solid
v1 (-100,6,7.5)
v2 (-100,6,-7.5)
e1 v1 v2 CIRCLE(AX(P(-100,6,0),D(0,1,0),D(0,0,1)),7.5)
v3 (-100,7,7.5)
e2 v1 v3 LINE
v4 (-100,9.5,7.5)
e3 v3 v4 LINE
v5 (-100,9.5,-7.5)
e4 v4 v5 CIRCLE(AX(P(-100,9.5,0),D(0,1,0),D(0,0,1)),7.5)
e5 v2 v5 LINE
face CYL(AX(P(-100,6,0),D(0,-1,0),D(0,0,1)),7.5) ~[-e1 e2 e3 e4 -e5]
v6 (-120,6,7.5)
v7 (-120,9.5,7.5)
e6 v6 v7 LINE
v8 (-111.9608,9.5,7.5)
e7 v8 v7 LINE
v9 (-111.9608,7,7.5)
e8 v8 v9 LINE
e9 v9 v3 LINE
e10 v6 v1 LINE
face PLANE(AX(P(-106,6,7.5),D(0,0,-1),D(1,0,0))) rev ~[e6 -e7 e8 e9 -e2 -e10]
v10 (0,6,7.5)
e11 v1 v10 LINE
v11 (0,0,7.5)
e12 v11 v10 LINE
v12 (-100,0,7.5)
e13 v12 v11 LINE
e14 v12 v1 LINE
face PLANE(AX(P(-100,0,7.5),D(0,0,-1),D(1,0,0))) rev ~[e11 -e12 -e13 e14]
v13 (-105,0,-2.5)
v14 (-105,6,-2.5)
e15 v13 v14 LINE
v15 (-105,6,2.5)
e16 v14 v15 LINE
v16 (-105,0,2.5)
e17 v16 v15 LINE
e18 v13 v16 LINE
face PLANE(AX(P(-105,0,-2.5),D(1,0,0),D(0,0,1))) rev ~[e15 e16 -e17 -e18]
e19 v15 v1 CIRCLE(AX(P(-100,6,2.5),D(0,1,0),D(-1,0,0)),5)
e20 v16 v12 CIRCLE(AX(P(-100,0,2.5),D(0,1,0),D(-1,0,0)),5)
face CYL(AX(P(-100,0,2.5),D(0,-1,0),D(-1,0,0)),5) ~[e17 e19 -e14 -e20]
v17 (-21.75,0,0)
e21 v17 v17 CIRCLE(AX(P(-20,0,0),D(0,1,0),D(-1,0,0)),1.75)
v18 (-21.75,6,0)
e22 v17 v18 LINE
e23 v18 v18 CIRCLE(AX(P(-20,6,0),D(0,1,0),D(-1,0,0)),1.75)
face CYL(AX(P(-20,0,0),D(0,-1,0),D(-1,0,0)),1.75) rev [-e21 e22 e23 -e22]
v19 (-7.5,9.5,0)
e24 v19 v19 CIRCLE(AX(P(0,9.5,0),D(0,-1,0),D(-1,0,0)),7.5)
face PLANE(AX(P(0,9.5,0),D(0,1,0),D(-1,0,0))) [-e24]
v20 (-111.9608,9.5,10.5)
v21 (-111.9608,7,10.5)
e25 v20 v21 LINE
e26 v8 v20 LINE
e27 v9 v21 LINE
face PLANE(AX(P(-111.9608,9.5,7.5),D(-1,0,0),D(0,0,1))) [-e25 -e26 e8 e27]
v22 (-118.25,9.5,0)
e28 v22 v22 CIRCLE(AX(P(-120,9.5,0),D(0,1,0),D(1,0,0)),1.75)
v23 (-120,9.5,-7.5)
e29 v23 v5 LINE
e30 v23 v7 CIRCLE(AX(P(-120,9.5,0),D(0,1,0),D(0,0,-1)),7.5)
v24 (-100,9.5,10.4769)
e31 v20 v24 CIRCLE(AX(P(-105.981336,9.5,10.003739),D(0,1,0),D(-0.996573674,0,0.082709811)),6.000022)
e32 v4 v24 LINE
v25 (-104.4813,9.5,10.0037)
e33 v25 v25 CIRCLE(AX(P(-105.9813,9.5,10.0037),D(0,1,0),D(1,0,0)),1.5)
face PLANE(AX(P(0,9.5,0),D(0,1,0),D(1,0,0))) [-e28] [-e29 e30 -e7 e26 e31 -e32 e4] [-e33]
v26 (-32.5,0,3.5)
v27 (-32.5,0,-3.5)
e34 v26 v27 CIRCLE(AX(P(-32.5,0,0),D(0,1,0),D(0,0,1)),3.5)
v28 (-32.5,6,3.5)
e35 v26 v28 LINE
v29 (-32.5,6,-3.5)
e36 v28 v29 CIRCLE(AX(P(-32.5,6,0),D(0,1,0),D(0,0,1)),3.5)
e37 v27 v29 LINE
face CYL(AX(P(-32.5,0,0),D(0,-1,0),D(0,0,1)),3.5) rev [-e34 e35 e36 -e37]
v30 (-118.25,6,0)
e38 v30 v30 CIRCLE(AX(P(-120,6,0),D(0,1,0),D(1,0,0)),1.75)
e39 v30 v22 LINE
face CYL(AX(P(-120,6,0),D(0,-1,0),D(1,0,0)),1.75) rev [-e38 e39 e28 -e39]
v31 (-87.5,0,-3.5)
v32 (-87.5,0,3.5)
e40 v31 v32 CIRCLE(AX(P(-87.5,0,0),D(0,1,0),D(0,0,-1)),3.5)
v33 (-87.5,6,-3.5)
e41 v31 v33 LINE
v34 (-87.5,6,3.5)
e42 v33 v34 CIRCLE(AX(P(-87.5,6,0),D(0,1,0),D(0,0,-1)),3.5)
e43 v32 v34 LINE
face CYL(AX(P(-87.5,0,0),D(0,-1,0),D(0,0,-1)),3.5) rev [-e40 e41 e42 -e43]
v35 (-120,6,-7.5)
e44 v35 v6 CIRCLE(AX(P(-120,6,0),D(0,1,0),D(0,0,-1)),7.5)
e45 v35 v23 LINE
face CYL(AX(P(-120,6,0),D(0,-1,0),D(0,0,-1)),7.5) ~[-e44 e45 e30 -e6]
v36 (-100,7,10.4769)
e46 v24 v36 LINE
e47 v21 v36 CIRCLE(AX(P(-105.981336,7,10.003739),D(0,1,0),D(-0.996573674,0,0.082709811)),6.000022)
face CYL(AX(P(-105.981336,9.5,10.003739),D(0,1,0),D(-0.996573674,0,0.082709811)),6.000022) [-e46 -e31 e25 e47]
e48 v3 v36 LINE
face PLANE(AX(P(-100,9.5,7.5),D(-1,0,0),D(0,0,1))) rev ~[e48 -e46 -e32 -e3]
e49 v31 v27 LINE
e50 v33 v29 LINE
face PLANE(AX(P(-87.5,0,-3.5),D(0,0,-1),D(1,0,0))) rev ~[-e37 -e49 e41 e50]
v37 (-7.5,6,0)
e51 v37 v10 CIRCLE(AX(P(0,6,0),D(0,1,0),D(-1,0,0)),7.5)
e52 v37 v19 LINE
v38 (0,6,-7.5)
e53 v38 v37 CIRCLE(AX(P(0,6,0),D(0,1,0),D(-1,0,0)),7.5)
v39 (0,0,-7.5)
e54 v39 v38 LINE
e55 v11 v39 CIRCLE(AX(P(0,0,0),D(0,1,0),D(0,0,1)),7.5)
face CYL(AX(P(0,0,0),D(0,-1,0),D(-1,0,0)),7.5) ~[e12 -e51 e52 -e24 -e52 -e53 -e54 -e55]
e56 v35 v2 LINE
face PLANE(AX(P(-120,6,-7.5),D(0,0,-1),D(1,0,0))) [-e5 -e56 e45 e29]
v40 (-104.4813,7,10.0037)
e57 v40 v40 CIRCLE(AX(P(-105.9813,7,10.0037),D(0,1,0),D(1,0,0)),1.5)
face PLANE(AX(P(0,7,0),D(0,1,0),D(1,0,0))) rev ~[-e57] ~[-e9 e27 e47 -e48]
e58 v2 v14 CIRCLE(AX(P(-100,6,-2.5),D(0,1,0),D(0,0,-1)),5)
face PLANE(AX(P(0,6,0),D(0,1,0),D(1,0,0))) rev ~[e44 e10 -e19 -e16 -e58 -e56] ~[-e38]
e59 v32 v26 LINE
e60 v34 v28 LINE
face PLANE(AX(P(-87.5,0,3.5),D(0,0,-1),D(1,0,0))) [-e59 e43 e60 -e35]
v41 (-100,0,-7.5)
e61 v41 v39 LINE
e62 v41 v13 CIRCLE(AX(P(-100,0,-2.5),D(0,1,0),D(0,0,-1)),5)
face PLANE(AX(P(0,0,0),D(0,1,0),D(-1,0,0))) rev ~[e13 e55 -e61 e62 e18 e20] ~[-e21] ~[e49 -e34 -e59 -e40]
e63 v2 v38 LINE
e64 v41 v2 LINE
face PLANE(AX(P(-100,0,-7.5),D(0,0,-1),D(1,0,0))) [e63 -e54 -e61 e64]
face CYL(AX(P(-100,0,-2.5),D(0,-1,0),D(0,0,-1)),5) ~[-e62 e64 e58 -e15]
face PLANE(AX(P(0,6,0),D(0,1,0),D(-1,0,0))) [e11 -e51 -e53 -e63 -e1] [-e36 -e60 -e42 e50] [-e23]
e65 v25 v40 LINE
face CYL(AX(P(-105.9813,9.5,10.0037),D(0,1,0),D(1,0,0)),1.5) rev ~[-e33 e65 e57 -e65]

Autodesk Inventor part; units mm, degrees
ref_plane "YZ Plane" through (0, 0, 0) normal (1, 0, 0) x (0, 1, 0)
ref_plane "XZ Plane" through (0, 0, 0) normal (0, 1, 0) x (-1, 0, 0)
ref_plane "XY Plane" through (0, 0, 0) normal (0, 0, 1) x (1, 0, 0)
sketch "Boceto1" plane through (0, 0, 0) normal (0, 1, 0) x (-1, 0, 0)
  arc A0 (0, 7.5) -> (0, -7.5) centre (0, 0) ccw
  circle A1 centre (20, 0) radius 1.75
  arc A2 (32.5, 3.5) -> (32.5, -3.5) centre (32.5, 0) ccw
  arc A3 (87.5, -3.5) -> (87.5, 3.5) centre (87.5, 0) ccw
  line L0 (100, 7.5) -> (0, 7.5)
  line L1 (100, -7.5) -> (0, -7.5)
  arc A4 (105, 2.5) -> (100, 7.5) centre (100, 2.5) ccw
  arc A5 (100, -7.5) -> (105, -2.5) centre (100, -2.5) ccw
  circle A6 centre (120, 0) radius 1.75
  arc A7 (120, -7.5) -> (120, 7.5) centre (120, 0) ccw
  line L2 (120, 7.5) -> (100, 7.5)
  line L3 (120, -7.5) -> (100, -7.5)
  line L4 (105, -2.5) -> (105, 2.5)
  line L5 (100, -7.5) -> (100, -10.5)
  circle A8 centre (103, -10.5) radius 1.5
  arc A9 (100, -10.5) -> (106, -10.5) centre (103, -10.5) ccw
  line L6 (106, -10.5) -> (106, -7.5)
  circle A10 centre (0, 0) radius 7.5
  line L7 (87.5, 3.5) -> (32.5, 3.5)
  line L8 (87.5, -3.5) -> (32.5, -3.5)
  point P0 (0, -7.5)
  point P1 (0, 7.5)
  point P2 (0, 7.5)
  point P3 (0, -7.5)
  dimension "d0" = 15
  dimension "d2" = 3.5
  dimension "d6" = 7
  dimension "d7" = 7
  dimension "d16" = 3.5
  dimension "d18" = 3
  dimension "d20" = 3
  dimension "d22" = 3
  dimension "d23" = 15
  dimension "d24" = 55
  dimension "d25" = 55
extrude "Extrusión1" add sketch "Boceto1" along normal blind 9.5 contours A10 A0
extrude "Extrusión2" add sketch "Boceto1" along normal blind 6 contours L0 A4 L4 A5 L1 A10
sketch "Boceto2" plane through (0, 6, 0) normal (0, 1, 0) x (1, 0, 0)
  line L0 (-100, -7.5) -> (0, -7.5) projected
  arc A0 (0, 7.5) -> (0, -7.5) centre (0, 0) ccw projected
  line L1 (0, 7.5) -> (-100, 7.5) projected
  arc A1 (-100, 7.5) -> (-105, 2.5) centre (-100, 2.5) ccw projected
  line L2 (-105, 2.5) -> (-105, -2.5) projected
  arc A2 (-105, -2.5) -> (-100, -7.5) centre (-100, -2.5) ccw projected
  circle A3 centre (-20, 0) radius 1.75 projected
  line L3 (-87.5, 3.5) -> (-32.5, 3.5) projected
  arc A4 (-32.5, -3.5) -> (-32.5, 3.5) centre (-32.5, 0) ccw projected
  line L4 (-32.5, -3.5) -> (-87.5, -3.5) projected
  arc A5 (-87.5, 3.5) -> (-87.5, -3.5) centre (-87.5, 0) ccw projected
  arc A6 (-120, 7.5) -> (-120, -7.5) centre (-120, 0) ccw
  line L5 (-120, -7.5) -> (-100, -7.5)
  line L6 (-120, 7.5) -> (-100, 7.5)
  arc A7 (-100, -7.5) -> (-100, 7.5) centre (-100, 0) ccw
  line L7 (-100, -7.5) -> (0, -7.5) projected
  line L8 (-100, -7.5) -> (-100, -10.5)
  circle A8 centre (-103, -10.5) radius 1.5
  arc A9 (-106, -10.5) -> (-100, -10.5) centre (-103, -10.5) ccw
  line L9 (-106, -10.5) -> (-106, -7.5)
  circle A10 centre (-120, 0) radius 1.75
  dimension "d31" = 15
  dimension "d32" = 20
  dimension "d33" = 20
  dimension "d35" = 3
  dimension "d39" = 3
  dimension "d40" = 3.5
extrude "Extrusión3" add sketch "Boceto2" along normal blind 3.5 contours L5 A6 L6 A1 L2 A2 | A2 L2 A1 A7
sketch "Boceto3" plane through (0, 9.5, 0) normal (0, 1, 0) x (1, 0, 0)
  line L0 (-105, 2.5) -> (-105, -2.5) projected
  line L1 (-120, -7.5) -> (-100, -7.5) projected
  arc A0 (-100, -7.5) -> (-100, 7.5) centre (-100, 0) ccw projected
  line L2 (-100, 7.5) -> (-120, 7.5) projected
  arc A1 (-120, 7.5) -> (-120, -7.5) centre (-120, 0) ccw projected
  circle A2 centre (-120, 0) radius 1.75 projected
  arc A3 (-100, -7.5) -> (-100, 7.5) centre (-100, 0) ccw projected
  line L3 (-100, -7.5) -> (0, -7.5) projected
  arc A4 (0, 7.5) -> (0, -7.5) centre (0, 0) ccw projected
  line L4 (0, 7.5) -> (-100, 7.5) projected
  circle A5 centre (-20, 0) radius 1.75 projected
  line L5 (-87.5, 3.5) -> (-32.5, 3.5) projected
  arc A6 (-32.5, -3.5) -> (-32.5, 3.5) centre (-32.5, 0) ccw projected
  line L6 (-32.5, -3.5) -> (-87.5, -3.5) projected
  arc A7 (-87.5, 3.5) -> (-87.5, -3.5) centre (-87.5, 0) ccw projected
  line L7 (-100, -7.5) -> (-100, -10.4769)
  line L8 (-120, -7.5) -> (-100, -7.5) projected
  line L9 (-106, -7.5) -> (-100, -7.5)
  line L10 (-111.9608, -7.5) -> (-111.9608, -10.5)
  arc A8 (-111.9608, -10.5) -> (-100, -10.4769) centre (-105.9813, -10.0037) ccw
  circle A9 centre (-105.9813, -10.0037) radius 1.5
  dimension "d52" = 3
  dimension "d53" = 6
  dimension "d54" = 3
extrude "Extrusión4" add sketch "Boceto3" against normal blind 2.5 contours L1 L7 A8 L10
properties part number "pieza4parte3"
